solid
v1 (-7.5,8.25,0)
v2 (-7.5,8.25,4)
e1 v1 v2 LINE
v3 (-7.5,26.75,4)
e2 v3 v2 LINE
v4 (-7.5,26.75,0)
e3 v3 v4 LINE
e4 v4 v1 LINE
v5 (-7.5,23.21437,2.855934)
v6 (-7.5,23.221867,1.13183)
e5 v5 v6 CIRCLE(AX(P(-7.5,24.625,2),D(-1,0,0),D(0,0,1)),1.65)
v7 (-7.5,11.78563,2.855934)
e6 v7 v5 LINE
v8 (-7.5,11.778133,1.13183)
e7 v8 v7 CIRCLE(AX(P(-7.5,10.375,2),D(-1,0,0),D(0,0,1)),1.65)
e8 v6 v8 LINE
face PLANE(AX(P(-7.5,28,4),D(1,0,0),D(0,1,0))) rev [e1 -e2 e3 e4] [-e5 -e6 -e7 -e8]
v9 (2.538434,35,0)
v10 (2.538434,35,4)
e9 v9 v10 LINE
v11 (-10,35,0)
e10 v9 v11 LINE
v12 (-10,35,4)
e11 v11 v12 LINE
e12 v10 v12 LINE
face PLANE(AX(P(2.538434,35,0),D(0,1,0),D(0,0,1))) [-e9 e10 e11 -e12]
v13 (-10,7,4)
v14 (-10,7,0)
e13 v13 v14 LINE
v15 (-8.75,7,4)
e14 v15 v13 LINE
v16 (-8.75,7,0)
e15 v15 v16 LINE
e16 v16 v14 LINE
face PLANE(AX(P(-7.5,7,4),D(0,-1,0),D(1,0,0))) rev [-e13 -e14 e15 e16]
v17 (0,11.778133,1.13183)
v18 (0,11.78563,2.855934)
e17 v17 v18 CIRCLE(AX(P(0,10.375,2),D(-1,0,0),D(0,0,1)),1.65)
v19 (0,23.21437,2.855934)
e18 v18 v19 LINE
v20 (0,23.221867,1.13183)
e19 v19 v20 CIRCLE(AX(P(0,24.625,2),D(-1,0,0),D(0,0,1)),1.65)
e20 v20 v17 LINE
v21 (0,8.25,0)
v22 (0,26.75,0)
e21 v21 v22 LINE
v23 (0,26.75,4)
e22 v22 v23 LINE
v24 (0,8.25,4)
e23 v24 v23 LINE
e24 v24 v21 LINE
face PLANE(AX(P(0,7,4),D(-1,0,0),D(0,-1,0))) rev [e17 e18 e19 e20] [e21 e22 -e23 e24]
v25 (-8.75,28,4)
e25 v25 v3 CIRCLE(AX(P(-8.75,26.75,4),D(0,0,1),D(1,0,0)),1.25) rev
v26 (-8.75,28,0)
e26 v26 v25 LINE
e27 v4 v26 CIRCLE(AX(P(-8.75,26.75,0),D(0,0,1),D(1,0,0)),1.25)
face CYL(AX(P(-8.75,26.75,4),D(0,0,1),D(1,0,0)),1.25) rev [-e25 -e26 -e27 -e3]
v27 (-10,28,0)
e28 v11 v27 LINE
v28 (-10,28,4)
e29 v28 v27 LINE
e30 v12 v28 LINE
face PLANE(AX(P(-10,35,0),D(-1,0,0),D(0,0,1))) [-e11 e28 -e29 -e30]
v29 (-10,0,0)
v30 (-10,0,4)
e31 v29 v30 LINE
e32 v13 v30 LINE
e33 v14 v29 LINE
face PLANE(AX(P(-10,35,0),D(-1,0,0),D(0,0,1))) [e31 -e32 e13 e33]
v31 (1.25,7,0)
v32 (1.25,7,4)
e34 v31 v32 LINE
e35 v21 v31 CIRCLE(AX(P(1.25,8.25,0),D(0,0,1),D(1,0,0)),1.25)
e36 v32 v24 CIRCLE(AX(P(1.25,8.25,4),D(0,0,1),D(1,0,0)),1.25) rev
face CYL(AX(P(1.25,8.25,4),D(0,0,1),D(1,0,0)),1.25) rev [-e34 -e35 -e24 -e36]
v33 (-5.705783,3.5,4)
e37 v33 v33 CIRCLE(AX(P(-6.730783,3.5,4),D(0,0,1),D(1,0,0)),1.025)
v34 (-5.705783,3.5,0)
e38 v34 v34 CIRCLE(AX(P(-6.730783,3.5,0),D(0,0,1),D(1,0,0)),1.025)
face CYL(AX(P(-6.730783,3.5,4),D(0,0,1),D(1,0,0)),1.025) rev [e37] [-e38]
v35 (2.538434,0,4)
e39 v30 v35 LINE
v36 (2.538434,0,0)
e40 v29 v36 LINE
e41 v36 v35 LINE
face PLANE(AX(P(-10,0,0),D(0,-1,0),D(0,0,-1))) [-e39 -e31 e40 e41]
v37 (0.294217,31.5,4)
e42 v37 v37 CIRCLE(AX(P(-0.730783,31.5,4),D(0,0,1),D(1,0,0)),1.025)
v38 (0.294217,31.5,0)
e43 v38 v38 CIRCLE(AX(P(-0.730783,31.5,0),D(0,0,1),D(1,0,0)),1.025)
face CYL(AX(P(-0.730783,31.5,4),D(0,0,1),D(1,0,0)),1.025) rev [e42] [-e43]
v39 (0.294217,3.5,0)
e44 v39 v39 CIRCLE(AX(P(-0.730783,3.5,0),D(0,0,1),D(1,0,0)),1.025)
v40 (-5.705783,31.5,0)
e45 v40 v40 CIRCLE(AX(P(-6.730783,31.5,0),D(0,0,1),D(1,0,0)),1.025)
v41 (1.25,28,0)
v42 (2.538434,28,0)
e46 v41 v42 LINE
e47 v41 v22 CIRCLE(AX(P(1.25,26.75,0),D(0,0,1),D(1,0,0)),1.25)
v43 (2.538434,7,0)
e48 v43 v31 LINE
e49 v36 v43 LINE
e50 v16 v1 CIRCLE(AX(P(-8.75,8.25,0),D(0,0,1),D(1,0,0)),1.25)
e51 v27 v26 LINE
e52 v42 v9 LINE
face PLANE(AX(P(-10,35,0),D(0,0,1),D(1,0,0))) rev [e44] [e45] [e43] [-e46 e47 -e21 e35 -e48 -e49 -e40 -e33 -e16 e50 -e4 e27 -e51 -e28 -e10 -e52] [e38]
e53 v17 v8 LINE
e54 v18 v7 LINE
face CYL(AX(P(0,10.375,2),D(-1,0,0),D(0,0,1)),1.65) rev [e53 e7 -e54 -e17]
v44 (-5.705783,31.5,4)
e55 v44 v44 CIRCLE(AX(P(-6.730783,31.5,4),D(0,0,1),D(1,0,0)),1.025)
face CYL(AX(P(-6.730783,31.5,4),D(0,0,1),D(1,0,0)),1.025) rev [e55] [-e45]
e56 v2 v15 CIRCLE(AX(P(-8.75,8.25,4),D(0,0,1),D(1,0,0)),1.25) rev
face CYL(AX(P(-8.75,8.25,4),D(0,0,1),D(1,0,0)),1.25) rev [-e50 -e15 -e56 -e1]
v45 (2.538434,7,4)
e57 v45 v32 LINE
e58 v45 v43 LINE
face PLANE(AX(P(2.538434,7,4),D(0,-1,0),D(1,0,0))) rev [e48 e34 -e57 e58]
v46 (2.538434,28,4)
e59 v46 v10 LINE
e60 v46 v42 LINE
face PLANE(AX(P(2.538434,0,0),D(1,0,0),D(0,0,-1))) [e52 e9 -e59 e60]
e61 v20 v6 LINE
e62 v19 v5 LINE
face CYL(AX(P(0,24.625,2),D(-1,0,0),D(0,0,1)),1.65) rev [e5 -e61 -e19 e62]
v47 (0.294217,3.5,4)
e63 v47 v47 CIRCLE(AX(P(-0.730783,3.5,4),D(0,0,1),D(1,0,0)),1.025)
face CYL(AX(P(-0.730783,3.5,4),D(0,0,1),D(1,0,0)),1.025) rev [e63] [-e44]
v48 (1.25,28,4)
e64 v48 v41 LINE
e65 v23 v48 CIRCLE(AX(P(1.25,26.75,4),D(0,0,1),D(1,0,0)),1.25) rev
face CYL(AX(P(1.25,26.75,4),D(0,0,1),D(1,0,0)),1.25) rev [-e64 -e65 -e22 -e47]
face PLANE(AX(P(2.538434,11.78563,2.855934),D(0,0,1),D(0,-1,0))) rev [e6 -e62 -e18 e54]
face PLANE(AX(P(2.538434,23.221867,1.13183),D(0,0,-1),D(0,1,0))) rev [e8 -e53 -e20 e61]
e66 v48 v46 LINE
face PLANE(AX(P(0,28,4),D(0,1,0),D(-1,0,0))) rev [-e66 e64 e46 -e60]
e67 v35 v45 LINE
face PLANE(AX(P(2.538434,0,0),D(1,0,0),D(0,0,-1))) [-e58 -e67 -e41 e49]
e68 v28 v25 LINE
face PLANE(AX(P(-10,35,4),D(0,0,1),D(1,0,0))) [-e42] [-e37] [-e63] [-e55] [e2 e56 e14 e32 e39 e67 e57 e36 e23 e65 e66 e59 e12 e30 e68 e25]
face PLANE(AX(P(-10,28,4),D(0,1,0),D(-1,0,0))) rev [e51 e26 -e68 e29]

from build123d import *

# Parameters (mm, degrees)
SKETCH1_W                = 12.538434267
SKETCH1_H                = 35
BOSS_EXTRUDE1_DEPTH      = 4
SKETCH2_W                = 2.5
SKETCH2_H                = 21
CUT_EXTRUDE1_DEPTH       = 5
SKETCH3_W                = 2.538434267
SKETCH3_H                = 21
CUT_EXTRUDE2_DEPTH       = 5
CUT_EXTRUDE3_DEPTH       = 11.038434267
SKETCH5_W                = 7.5
SKETCH5_H                = 1.65
SKETCH6_W                = 7.5
SKETCH6_H                = 1.65
M2_5X0_45_TAPPED_HOLE1_D = 2.05
FILLET1_R                = 1.25


with BuildPart() as part:
    # Sketch1 → Boss-Extrude1 (new body)
    with BuildSketch(Plane.XY.offset(4)):
        with Locations((-3.730782867, 17.5)):
            Rectangle(SKETCH1_W, SKETCH1_H)
    extrude(amount=-BOSS_EXTRUDE1_DEPTH)

    # Sketch2 → Cut-Extrude1 (cut, through all)
    with BuildSketch(Plane(origin=(0, 0, 0), x_dir=(-1, 0, 0), z_dir=(0, 0, -1))):
        with Locations((8.75, 17.5)):
            Rectangle(SKETCH2_W, SKETCH2_H)
    extrude(amount=-CUT_EXTRUDE1_DEPTH, mode=Mode.SUBTRACT)

    # Sketch3 → Cut-Extrude2 (cut, through all)
    with BuildSketch(Plane(origin=(0, 0, 0), x_dir=(-1, 0, 0), z_dir=(0, 0, -1))):
        with Locations((-1.269217133, 17.5)):
            Rectangle(SKETCH3_W, SKETCH3_H)
    extrude(amount=-CUT_EXTRUDE2_DEPTH, mode=Mode.SUBTRACT)

    # Sketch4 → Cut-Extrude3 (cut, through all)
    with BuildSketch(Plane.ZY.offset(7.5)):
        with BuildLine():
            Line((2.855933763, 11.78563014), (2.855933763, 23.21436986))
            ThreePointArc((2.855933763, 23.21436986), (1.992824856, 22.975015601), (1.13183027, 23.221867319))
            Line((1.13183027, 23.221867319), (1.13183027, 11.778132681))
            ThreePointArc((1.13183027, 11.778132681), (1.992824856, 12.024984399), (2.855933763, 11.78563014))
        make_face()
    extrude(amount=-CUT_EXTRUDE3_DEPTH, mode=Mode.SUBTRACT)

    # Sketch5 → Cut-Revolve1 (revolve, cut)
    with BuildSketch(Plane(origin=(0, 0, 2), x_dir=(-1, 0, 0), z_dir=(0, 0, -1))):
        with Locations((3.75, 25.45)):
            Rectangle(SKETCH5_W, SKETCH5_H)
    revolve(axis=Axis((0, 24.625, 2), (-1, 0, 0)), mode=Mode.SUBTRACT)

    # Sketch6 → Cut-Revolve2 (revolve, cut)
    with BuildSketch(Plane(origin=(0, 0, 2), x_dir=(-1, 0, 0), z_dir=(0, 0, -1))):
        with Locations((3.75, 11.2)):
            Rectangle(SKETCH6_W, SKETCH6_H)
    revolve(axis=Axis((0, 10.375, 2), (-1, 0, 0)), mode=Mode.SUBTRACT)

    # M2.5x0.45 Tapped Hole1 (through all)
    with Locations(Plane.XY.offset(4)):
        with Locations((-0.730782866, 3.5), (-6.730782866, 3.5), (-0.730782866, 31.5), (-6.730782866, 31.5)):
            Hole(M2_5X0_45_TAPPED_HOLE1_D / 2)

    # Fillet1
    fillet1_edges = [part.edges().sort_by_distance(p)[0] for p in [
        (-7.5, 7, 2),
        (-7.5, 28, 2),
        (0, 28, 2),
        (0, 7, 2),
    ]]
    fillet(fillet1_edges, radius=FILLET1_R)


solid = part.part
